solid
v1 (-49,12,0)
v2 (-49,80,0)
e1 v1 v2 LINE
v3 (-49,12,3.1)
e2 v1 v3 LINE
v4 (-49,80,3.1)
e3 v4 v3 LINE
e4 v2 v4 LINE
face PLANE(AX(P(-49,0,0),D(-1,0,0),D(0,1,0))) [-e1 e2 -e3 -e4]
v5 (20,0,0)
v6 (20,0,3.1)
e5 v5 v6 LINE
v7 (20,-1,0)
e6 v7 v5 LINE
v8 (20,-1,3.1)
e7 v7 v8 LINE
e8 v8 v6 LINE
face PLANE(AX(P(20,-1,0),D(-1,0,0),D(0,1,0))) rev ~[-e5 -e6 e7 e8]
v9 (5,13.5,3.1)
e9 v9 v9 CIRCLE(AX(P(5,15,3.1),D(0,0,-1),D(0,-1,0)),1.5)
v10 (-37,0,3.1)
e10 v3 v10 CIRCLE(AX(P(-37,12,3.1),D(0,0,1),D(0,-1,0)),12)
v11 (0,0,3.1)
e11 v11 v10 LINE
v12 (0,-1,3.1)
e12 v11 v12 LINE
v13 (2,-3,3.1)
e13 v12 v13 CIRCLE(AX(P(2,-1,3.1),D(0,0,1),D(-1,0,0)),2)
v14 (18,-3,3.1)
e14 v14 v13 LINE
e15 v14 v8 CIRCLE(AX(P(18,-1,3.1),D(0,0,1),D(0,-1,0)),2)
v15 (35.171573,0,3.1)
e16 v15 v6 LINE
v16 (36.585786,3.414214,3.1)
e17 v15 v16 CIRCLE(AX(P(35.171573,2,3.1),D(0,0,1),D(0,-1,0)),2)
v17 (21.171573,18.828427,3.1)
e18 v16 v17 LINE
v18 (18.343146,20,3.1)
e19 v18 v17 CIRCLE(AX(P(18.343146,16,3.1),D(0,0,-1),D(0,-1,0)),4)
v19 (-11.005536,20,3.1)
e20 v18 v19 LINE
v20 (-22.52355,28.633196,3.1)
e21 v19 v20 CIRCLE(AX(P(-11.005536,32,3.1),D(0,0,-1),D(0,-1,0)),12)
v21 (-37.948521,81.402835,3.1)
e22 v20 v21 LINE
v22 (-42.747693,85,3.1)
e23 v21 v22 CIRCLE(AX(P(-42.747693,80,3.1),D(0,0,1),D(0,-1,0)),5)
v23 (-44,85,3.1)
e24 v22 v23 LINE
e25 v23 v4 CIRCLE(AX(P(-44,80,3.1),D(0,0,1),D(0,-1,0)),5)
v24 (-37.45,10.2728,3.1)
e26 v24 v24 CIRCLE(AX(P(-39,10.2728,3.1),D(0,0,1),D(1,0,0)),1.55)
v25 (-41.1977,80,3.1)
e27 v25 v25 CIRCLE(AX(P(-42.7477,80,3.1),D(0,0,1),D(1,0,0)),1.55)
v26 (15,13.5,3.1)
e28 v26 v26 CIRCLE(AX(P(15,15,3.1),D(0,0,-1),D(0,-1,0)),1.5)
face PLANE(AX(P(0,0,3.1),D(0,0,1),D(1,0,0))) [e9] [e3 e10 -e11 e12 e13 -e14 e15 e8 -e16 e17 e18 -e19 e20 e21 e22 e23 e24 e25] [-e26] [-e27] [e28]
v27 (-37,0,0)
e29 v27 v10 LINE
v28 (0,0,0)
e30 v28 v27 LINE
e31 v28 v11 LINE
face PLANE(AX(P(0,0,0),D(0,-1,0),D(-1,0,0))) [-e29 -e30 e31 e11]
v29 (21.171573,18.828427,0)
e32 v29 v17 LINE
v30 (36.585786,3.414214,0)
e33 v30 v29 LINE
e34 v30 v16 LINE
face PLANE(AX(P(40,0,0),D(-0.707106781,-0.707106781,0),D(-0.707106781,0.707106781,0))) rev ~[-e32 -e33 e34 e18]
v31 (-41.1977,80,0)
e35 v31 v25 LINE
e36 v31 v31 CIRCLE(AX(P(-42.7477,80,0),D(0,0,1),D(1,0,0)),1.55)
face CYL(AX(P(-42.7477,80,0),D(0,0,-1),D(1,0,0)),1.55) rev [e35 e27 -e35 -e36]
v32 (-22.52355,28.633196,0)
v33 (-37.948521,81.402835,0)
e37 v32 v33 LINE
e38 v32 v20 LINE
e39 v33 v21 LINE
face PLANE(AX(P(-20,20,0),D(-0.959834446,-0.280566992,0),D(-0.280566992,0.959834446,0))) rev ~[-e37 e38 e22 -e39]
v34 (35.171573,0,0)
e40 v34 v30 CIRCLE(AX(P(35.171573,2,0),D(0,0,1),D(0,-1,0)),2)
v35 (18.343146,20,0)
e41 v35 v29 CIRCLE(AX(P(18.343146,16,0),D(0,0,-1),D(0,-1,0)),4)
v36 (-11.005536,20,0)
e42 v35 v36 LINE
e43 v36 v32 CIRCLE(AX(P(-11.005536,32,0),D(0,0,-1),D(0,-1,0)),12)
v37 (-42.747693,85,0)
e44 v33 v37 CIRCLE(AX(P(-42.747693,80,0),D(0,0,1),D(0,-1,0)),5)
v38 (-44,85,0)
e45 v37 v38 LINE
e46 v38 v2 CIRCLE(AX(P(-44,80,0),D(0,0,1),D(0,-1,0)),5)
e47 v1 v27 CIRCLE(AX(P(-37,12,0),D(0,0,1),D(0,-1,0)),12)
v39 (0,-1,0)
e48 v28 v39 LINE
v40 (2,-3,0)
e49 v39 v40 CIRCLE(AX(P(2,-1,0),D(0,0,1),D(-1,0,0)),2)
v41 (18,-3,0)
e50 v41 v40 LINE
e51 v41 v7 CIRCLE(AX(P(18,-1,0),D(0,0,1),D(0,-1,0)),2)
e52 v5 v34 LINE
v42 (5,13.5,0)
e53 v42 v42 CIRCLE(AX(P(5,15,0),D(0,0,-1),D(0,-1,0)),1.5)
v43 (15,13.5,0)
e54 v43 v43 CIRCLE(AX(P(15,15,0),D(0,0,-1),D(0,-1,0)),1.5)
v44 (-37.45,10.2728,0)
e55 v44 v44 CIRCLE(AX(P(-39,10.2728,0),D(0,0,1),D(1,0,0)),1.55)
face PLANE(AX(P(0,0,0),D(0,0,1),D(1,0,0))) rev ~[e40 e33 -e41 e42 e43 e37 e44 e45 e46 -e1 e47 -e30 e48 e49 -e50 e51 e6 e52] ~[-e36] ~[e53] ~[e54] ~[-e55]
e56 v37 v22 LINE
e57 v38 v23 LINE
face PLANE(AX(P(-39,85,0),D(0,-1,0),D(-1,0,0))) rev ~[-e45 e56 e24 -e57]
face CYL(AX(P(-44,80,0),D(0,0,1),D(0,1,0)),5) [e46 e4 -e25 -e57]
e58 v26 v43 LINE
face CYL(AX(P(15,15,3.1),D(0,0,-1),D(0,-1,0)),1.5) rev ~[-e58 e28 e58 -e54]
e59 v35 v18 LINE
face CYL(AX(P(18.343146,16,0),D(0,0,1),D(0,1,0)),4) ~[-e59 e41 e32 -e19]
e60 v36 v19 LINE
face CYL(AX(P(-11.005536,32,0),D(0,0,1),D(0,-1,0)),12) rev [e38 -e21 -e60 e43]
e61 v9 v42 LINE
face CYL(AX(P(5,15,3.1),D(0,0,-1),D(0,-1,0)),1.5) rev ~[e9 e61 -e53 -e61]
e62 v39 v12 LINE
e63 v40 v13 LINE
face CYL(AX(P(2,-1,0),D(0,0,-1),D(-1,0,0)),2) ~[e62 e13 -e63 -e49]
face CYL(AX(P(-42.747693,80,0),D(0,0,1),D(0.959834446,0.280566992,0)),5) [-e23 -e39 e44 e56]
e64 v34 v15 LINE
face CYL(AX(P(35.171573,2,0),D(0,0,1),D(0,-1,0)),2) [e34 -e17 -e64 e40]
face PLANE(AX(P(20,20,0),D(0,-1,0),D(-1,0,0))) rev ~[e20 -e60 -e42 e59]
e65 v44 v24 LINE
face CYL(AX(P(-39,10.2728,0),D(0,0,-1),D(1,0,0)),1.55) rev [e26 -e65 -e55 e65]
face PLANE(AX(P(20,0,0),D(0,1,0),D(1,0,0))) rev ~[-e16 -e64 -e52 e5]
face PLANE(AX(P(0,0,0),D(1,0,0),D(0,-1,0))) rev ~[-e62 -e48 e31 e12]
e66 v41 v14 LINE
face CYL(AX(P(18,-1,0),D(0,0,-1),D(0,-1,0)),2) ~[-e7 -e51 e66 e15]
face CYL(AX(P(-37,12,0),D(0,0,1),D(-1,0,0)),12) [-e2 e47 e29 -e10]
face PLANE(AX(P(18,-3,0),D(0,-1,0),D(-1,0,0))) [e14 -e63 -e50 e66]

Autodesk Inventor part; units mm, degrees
ref_plane "YZ Plane" through (0, 0, 0) normal (1, 0, 0) x (0, 1, 0)
ref_plane "XZ Plane" through (0, 0, 0) normal (0, 1, 0) x (-1, 0, 0)
ref_plane "XY Plane" through (0, 0, 0) normal (0, 0, 1) x (1, 0, 0)
ref_plane "Plano de trabajo1" through (0, 0, 0) normal (0, 0, 1) x (1, 0, 0)
sketch "Boceto1" plane through (0, 0, 0) normal (0, 0, 1) x (1, 0, 0)
  line L0 (0, 0) -> (0, -3) construction
  line L1 (20, -3) -> (0, -3) construction
  line L2 (20, 0) -> (20, -3) construction
  line L3 (20, 0) -> (-49, 0)
  line L4 (-49, 0) -> (-49, 85) construction
  line L5 (-49, 85) -> (20, 85) construction
  line L6 (20, 85) -> (20, 0) construction
  line L7 (0, 0) -> (0, -1)
  line L8 (20, -1) -> (20, 0)
  line L9 (18, -3) -> (2, -3)
  arc A0 (0, -1) -> (2, -3) centre (2, -1) ccw
  arc A1 (18, -3) -> (20, -1) centre (18, -1) ccw
  line L10 (20, 0) -> (35.1716, 0)
  line L11 (40, 0) -> (40, 20) construction
  line L12 (40, 20) -> (20, 20) construction
  line L13 (20, 20) -> (20, 0)
  line L14 (-34, 0) -> (-34, -3) construction
  circle A2 centre (-39, 10.2728) radius 1.55
  line L15 (40, 0) -> (20, 20)
  line L16 (20, 20) -> (-49, 20)
  line L17 (-20, 20) -> (-39, 85)
  line L18 (-49, 0) -> (-49, 85)
  line L19 (-39, 85) -> (-49, 85)
  line L20 (40, 0) -> (20, 0)
  circle A3 centre (-42.7477, 80) radius 1.4 construction
  circle A4 centre (-42.7477, 80) radius 1.55
  point P0 (35.1716, 0)
  dimension "d0" = 2
  dimension "d1" = 20
  dimension "d2" = 20
  dimension "d4" = 85
  dimension "d5" = 15
  dimension "d6" = 3.1
  dimension "d8" = 45
  dimension "d9" = 0
  dimension "d12" = 40
  dimension "d13" = 10
  dimension "d28" = 3.1
extrude "Extrusión1" add sketch "Boceto1" along normal blind 3.1
fillet "Empalme1" radius 2 1 edges at (40, 0, 1.55)
fillet "Empalme2" radius 12 1 edges at (-49, 0, 1.55)
fillet "Empalme3" radius 4 1 edges at (20, 20, 1.55)
fillet "Empalme4" radius 12 1 edges at (-20, 20, 1.55)
fillet "Empalme5" radius 5 2 edges at (-39, 85, 1.55) (-49, 85, 1.55)
sketch "Boceto2" plane through (0, 0, 3.1) normal (0, 0, 1) x (1, 0, 0)
  circle A0 centre (15, 15) radius 1.6 construction
  circle A1 centre (5, 15) radius 1.6 construction
  arc A2 (-44, 85) -> (-49, 80) centre (-44, 80) ccw construction
  arc A3 (-37.9485, 81.4028) -> (-42.7477, 85) centre (-42.7477, 80) ccw construction
  point P0 (0, 0)
hole "Agujero1" at (5, 15, 3.1) at (15, 15, 3.1) direction (0, 0, -1) diameter 3 end through all
equation "\"d14\" = d28"
properties part number "ParedLateralGrua1"
